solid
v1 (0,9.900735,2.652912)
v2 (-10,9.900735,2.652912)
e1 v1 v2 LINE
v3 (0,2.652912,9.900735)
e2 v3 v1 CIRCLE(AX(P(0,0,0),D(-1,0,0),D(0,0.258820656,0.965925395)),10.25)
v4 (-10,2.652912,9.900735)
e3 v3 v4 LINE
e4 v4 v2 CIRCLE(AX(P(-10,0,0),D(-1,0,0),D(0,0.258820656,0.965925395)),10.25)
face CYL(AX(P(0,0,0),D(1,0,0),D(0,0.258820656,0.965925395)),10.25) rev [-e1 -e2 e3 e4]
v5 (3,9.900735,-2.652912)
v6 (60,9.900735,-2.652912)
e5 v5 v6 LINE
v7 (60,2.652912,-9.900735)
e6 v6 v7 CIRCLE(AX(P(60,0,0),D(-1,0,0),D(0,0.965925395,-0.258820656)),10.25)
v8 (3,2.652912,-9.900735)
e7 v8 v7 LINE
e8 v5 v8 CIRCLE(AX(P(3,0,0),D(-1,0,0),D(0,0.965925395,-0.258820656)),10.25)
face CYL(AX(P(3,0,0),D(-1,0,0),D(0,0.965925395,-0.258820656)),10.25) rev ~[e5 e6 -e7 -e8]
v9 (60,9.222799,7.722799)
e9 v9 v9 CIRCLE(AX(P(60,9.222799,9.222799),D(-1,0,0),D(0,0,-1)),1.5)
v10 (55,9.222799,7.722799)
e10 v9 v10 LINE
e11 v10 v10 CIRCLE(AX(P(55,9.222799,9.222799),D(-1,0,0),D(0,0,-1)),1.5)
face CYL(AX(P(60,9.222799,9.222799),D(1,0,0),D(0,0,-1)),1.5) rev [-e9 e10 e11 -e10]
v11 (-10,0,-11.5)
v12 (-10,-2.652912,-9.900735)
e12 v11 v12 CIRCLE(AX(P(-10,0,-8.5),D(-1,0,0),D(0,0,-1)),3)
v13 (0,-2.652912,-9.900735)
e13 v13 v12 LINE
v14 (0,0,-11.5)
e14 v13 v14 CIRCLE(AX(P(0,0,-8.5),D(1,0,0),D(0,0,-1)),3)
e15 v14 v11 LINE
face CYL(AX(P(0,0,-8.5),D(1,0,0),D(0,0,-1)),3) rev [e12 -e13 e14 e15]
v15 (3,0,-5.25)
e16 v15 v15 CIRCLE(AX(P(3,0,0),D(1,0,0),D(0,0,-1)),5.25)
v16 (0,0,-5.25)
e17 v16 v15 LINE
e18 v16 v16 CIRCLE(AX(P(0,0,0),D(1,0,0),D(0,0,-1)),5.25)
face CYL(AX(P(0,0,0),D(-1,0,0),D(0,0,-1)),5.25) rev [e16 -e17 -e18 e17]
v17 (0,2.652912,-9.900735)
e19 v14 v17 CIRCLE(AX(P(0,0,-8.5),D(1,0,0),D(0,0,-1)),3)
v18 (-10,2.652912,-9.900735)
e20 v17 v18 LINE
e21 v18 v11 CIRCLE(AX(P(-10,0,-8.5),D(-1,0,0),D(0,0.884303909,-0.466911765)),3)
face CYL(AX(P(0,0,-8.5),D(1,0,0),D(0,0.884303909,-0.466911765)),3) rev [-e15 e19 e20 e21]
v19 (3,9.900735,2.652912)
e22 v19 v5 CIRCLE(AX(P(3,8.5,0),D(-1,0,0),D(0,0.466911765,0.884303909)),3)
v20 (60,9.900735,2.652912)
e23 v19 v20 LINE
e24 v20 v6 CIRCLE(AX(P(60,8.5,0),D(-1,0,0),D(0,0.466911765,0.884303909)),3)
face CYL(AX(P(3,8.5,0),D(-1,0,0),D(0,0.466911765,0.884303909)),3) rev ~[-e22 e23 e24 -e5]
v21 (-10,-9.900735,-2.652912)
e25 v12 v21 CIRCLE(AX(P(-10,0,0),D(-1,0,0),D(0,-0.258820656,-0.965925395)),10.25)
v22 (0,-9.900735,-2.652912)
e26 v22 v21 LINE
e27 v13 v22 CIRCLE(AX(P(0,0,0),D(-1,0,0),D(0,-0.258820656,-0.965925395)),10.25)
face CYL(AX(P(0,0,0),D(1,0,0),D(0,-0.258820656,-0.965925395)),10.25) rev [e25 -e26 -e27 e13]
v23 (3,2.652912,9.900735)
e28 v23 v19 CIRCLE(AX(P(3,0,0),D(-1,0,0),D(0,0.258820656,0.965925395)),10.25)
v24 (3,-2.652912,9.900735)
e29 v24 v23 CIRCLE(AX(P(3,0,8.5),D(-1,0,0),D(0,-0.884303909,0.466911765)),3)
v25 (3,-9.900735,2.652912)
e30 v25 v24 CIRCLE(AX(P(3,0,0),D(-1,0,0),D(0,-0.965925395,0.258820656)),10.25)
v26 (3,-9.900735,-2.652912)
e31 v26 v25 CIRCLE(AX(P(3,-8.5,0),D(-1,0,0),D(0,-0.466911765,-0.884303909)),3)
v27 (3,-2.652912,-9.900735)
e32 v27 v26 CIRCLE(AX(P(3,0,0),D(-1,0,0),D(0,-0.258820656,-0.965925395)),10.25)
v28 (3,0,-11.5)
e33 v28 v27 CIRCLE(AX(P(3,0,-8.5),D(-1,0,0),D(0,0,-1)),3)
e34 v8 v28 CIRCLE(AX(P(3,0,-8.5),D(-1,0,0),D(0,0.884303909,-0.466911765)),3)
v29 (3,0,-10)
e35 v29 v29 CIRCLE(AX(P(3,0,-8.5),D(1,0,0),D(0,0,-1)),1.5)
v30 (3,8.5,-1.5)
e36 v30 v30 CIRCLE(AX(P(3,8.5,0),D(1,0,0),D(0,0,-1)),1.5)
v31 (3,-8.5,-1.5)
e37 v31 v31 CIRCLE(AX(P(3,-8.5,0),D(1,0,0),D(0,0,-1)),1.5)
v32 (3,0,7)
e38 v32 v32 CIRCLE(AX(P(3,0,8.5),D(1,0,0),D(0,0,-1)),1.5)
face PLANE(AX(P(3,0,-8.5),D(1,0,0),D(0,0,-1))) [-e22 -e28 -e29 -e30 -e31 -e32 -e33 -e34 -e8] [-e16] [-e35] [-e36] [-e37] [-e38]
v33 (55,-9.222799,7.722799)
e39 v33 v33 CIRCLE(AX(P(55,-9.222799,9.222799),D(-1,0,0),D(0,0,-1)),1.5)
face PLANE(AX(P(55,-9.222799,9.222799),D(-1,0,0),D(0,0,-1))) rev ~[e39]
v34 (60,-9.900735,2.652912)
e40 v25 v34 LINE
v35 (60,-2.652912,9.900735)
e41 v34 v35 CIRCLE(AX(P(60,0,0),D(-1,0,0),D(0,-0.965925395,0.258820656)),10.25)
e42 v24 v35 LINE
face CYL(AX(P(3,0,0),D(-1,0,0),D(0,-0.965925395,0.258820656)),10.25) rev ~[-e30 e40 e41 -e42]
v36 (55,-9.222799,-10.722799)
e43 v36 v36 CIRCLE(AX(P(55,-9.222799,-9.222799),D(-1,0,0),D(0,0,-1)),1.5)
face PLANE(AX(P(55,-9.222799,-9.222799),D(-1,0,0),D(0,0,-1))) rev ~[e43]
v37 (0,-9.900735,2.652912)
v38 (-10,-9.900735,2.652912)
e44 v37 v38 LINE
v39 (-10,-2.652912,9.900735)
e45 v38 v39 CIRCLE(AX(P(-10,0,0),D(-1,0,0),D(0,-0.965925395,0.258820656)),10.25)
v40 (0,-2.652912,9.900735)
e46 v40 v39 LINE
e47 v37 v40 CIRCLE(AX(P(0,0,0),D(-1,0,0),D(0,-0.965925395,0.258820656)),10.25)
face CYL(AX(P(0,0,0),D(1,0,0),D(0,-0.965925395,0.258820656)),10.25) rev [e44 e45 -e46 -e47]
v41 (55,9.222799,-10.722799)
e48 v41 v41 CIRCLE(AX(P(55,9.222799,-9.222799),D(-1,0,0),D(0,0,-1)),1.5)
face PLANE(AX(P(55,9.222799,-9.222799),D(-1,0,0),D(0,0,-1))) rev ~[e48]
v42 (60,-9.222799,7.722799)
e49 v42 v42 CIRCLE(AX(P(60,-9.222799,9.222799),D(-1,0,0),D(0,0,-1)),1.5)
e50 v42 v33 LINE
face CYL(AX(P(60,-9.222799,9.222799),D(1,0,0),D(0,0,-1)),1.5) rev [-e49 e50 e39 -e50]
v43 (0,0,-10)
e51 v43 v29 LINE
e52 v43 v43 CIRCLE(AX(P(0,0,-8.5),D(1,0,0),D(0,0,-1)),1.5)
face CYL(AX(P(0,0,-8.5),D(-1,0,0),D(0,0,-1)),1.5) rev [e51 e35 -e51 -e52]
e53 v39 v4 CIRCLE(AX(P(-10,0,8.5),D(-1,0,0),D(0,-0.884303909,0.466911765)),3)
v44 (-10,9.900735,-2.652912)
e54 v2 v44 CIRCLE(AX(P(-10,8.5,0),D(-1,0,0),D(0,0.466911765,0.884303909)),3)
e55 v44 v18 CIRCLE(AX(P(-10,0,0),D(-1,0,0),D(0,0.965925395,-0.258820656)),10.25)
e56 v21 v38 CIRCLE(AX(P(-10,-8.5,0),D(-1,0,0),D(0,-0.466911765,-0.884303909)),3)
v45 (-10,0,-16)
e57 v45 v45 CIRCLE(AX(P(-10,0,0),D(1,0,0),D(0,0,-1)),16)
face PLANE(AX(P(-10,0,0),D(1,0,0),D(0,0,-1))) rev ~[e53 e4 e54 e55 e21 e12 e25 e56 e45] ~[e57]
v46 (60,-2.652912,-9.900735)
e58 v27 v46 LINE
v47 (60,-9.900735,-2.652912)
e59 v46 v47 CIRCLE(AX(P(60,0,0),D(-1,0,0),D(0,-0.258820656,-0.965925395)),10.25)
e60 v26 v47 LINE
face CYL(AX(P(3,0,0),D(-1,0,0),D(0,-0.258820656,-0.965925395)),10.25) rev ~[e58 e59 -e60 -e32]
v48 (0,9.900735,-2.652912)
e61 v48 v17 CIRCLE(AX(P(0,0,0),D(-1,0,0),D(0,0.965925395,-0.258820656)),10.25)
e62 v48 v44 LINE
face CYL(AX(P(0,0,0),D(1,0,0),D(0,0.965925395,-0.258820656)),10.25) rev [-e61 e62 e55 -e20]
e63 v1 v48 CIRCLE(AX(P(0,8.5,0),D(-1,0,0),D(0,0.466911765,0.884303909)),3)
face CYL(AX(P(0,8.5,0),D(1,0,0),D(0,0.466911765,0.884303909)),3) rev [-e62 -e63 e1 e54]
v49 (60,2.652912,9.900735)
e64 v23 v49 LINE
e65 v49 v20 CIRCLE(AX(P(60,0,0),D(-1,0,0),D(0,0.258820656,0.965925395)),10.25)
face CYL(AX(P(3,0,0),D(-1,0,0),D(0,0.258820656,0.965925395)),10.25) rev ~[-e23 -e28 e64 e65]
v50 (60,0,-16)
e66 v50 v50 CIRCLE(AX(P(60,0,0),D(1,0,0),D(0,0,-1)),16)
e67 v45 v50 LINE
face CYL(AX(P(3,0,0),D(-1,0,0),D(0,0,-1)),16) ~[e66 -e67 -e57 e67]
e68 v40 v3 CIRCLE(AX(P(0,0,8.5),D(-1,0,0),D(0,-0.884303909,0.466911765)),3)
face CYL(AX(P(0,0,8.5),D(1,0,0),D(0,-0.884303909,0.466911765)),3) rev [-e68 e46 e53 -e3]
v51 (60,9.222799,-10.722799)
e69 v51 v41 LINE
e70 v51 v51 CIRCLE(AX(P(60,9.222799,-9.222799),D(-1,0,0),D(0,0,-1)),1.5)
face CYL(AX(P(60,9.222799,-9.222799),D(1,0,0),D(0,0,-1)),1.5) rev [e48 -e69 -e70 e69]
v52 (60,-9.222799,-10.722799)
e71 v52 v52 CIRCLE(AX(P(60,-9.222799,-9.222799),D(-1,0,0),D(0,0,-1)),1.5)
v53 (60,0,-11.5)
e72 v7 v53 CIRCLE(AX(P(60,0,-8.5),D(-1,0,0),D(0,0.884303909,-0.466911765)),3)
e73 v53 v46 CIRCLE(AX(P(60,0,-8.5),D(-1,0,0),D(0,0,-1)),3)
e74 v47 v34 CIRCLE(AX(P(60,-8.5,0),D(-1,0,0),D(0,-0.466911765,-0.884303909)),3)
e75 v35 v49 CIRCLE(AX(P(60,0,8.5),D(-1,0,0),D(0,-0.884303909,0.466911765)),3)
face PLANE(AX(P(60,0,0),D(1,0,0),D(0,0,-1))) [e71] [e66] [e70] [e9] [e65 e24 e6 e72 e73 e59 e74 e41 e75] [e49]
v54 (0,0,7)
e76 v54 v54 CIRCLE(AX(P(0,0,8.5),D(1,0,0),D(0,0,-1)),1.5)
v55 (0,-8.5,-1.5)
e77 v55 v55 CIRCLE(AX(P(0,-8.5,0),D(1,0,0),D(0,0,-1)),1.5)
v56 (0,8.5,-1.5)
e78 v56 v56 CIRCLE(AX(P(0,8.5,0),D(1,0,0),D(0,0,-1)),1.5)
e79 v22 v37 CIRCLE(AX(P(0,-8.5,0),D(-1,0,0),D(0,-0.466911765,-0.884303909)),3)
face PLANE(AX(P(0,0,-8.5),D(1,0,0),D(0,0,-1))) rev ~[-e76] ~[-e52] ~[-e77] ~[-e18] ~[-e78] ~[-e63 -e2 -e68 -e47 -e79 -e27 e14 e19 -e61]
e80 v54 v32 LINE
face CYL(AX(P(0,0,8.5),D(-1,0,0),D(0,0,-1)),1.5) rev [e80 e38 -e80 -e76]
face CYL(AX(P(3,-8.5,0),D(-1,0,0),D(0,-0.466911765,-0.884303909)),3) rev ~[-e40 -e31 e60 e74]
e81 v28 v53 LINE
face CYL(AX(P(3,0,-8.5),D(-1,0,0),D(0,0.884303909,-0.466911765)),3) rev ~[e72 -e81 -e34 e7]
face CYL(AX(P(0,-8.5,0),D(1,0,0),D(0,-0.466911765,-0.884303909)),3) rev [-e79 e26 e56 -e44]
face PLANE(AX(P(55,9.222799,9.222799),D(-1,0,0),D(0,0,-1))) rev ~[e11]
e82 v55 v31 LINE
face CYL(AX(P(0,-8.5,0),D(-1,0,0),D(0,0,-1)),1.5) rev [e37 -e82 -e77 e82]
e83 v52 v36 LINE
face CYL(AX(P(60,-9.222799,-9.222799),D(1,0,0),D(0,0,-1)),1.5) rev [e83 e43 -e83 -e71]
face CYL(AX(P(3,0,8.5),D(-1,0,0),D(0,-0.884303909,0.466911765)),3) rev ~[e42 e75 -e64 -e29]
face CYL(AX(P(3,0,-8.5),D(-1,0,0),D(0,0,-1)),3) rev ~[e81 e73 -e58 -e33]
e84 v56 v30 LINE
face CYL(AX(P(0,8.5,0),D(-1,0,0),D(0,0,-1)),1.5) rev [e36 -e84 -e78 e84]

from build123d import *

# Parameters (mm, degrees)
SKETCH1_R           = 16
SKETCH1_R_2         = 1.5
SKETCH1_R_3         = 5.25
SKETCH1_R_4         = 3
BOSS_EXTRUDE2_DEPTH = 3
SKETCH1_8_R         = 16
BOSS_EXTRUDE4_DEPTH = 10
SKETCH1_10_R        = 3
SKETCH1_10_R_2      = 1.5
BOSS_EXTRUDE6_DEPTH = 3
BOSS_EXTRUDE7_START = 3
SKETCH1_11_R        = 16
BOSS_EXTRUDE7_DEPTH = 57
CUT_EXTRUDE2_START  = -70
SKETCH2_R           = 1.5
CUT_EXTRUDE2_DEPTH  = 5


with BuildPart() as part:
    # Sketch1 → Boss-Extrude2 (new body)
    with BuildSketch(Plane(origin=(0, 0, 0), x_dir=(0, 0, -1), z_dir=(1, 0, 0))):
        Circle(SKETCH1_R)
        with Locations((0, 8.5)):
            Circle(SKETCH1_R_2, mode=Mode.SUBTRACT)
        with Locations((0, -8.5)):
            Circle(SKETCH1_R_2, mode=Mode.SUBTRACT)
        Circle(SKETCH1_R_3, mode=Mode.SUBTRACT)
        with Locations((8.5, 0)):
            Circle(SKETCH1_R_4, mode=Mode.SUBTRACT)
        with Locations((-8.5, 0)):
            Circle(SKETCH1_R_4, mode=Mode.SUBTRACT)
    extrude(amount=BOSS_EXTRUDE2_DEPTH)

    # Sketch1<8> → Boss-Extrude4 (add)
    with BuildSketch(Plane(origin=(0, 0, 0), x_dir=(0, 0, -1), z_dir=(1, 0, 0))):
        Circle(SKETCH1_8_R)
        with BuildLine():
            ThreePointArc((2.652911728, 9.900735294), (7.247844507, 7.247844507), (9.900735294, 2.652911728))
            ThreePointArc((9.900735294, 2.652911728), (11.069261166, 1.548837325), (11.5, 0))
            ThreePointArc((11.5, 0), (11.069261166, -1.548837325), (9.900735294, -2.652911728))
            ThreePointArc((9.900735294, -2.652911728), (7.247844507, -7.247844507), (2.652911728, -9.900735294))
            ThreePointArc((2.652911728, -9.900735294), (0, -11.5), (-2.652911728, -9.900735294))
            ThreePointArc((-2.652911728, -9.900735294), (-7.247844507, -7.247844507), (-9.900735294, -2.652911728))
            ThreePointArc((-9.900735294, -2.652911728), (-11.5, 0), (-9.900735294, 2.652911728))
            ThreePointArc((-9.900735294, 2.652911728), (-7.247844507, 7.247844507), (-2.652911728, 9.900735294))
            ThreePointArc((-2.652911728, 9.900735294), (0, 11.5), (2.652911728, 9.900735294))
        make_face(mode=Mode.SUBTRACT)
    extrude(amount=-BOSS_EXTRUDE4_DEPTH)

    # Sketch1<10> → Boss-Extrude6 (add)
    with BuildSketch(Plane(origin=(0, 0, 0), x_dir=(0, 0, -1), z_dir=(1, 0, 0))):
        with Locations((8.5, 0)):
            Circle(SKETCH1_10_R)
        with Locations((8.5, 0)):
            Circle(SKETCH1_10_R_2, mode=Mode.SUBTRACT)
        with Locations((-8.5, 0)):
            Circle(SKETCH1_10_R)
        with Locations((-8.5, 0)):
            Circle(SKETCH1_10_R_2, mode=Mode.SUBTRACT)
    extrude(amount=BOSS_EXTRUDE6_DEPTH)

    # Sketch1<11> → Boss-Extrude7 (add)
    with BuildSketch(Plane(origin=(0, 0, 0), x_dir=(0, 0, -1), z_dir=(1, 0, 0)).offset(BOSS_EXTRUDE7_START)):
        Circle(SKETCH1_11_R)
        with BuildLine():
            ThreePointArc((2.652911728, 9.900735294), (7.247844507, 7.247844507), (9.900735294, 2.652911728))
            ThreePointArc((9.900735294, 2.652911728), (11.069261166, 1.548837325), (11.5, 0))
            ThreePointArc((11.5, 0), (11.069261166, -1.548837325), (9.900735294, -2.652911728))
            ThreePointArc((9.900735294, -2.652911728), (7.247844507, -7.247844507), (2.652911728, -9.900735294))
            ThreePointArc((2.652911728, -9.900735294), (0, -11.5), (-2.652911728, -9.900735294))
            ThreePointArc((-2.652911728, -9.900735294), (-7.247844507, -7.247844507), (-9.900735294, -2.652911728))
            ThreePointArc((-9.900735294, -2.652911728), (-11.5, 0), (-9.900735294, 2.652911728))
            ThreePointArc((-9.900735294, 2.652911728), (-7.247844507, 7.247844507), (-2.652911728, 9.900735294))
            ThreePointArc((-2.652911728, 9.900735294), (0, 11.5), (2.652911728, 9.900735294))
        make_face(mode=Mode.SUBTRACT)
    extrude(amount=BOSS_EXTRUDE7_DEPTH)

    # Sketch2 → Cut-Extrude2 (cut)
    with BuildSketch(Plane.ZY.offset(10).offset(CUT_EXTRUDE2_START)):
        with Locations(Location((9.222798741, 9.222798741, 0), (0, 0, 180))):
            Circle(SKETCH2_R)
        with Locations(Location((-9.222798741, 9.222798741, 0), (0, 0, 180))):
            Circle(SKETCH2_R)
        with Locations(Location((9.222798741, -9.222798741, 0), (0, 0, 180))):
            Circle(SKETCH2_R)
        with Locations(Location((-9.222798741, -9.222798741, 0), (0, 0, 180))):
            Circle(SKETCH2_R)
    extrude(amount=CUT_EXTRUDE2_DEPTH, mode=Mode.SUBTRACT)


solid = part.part
